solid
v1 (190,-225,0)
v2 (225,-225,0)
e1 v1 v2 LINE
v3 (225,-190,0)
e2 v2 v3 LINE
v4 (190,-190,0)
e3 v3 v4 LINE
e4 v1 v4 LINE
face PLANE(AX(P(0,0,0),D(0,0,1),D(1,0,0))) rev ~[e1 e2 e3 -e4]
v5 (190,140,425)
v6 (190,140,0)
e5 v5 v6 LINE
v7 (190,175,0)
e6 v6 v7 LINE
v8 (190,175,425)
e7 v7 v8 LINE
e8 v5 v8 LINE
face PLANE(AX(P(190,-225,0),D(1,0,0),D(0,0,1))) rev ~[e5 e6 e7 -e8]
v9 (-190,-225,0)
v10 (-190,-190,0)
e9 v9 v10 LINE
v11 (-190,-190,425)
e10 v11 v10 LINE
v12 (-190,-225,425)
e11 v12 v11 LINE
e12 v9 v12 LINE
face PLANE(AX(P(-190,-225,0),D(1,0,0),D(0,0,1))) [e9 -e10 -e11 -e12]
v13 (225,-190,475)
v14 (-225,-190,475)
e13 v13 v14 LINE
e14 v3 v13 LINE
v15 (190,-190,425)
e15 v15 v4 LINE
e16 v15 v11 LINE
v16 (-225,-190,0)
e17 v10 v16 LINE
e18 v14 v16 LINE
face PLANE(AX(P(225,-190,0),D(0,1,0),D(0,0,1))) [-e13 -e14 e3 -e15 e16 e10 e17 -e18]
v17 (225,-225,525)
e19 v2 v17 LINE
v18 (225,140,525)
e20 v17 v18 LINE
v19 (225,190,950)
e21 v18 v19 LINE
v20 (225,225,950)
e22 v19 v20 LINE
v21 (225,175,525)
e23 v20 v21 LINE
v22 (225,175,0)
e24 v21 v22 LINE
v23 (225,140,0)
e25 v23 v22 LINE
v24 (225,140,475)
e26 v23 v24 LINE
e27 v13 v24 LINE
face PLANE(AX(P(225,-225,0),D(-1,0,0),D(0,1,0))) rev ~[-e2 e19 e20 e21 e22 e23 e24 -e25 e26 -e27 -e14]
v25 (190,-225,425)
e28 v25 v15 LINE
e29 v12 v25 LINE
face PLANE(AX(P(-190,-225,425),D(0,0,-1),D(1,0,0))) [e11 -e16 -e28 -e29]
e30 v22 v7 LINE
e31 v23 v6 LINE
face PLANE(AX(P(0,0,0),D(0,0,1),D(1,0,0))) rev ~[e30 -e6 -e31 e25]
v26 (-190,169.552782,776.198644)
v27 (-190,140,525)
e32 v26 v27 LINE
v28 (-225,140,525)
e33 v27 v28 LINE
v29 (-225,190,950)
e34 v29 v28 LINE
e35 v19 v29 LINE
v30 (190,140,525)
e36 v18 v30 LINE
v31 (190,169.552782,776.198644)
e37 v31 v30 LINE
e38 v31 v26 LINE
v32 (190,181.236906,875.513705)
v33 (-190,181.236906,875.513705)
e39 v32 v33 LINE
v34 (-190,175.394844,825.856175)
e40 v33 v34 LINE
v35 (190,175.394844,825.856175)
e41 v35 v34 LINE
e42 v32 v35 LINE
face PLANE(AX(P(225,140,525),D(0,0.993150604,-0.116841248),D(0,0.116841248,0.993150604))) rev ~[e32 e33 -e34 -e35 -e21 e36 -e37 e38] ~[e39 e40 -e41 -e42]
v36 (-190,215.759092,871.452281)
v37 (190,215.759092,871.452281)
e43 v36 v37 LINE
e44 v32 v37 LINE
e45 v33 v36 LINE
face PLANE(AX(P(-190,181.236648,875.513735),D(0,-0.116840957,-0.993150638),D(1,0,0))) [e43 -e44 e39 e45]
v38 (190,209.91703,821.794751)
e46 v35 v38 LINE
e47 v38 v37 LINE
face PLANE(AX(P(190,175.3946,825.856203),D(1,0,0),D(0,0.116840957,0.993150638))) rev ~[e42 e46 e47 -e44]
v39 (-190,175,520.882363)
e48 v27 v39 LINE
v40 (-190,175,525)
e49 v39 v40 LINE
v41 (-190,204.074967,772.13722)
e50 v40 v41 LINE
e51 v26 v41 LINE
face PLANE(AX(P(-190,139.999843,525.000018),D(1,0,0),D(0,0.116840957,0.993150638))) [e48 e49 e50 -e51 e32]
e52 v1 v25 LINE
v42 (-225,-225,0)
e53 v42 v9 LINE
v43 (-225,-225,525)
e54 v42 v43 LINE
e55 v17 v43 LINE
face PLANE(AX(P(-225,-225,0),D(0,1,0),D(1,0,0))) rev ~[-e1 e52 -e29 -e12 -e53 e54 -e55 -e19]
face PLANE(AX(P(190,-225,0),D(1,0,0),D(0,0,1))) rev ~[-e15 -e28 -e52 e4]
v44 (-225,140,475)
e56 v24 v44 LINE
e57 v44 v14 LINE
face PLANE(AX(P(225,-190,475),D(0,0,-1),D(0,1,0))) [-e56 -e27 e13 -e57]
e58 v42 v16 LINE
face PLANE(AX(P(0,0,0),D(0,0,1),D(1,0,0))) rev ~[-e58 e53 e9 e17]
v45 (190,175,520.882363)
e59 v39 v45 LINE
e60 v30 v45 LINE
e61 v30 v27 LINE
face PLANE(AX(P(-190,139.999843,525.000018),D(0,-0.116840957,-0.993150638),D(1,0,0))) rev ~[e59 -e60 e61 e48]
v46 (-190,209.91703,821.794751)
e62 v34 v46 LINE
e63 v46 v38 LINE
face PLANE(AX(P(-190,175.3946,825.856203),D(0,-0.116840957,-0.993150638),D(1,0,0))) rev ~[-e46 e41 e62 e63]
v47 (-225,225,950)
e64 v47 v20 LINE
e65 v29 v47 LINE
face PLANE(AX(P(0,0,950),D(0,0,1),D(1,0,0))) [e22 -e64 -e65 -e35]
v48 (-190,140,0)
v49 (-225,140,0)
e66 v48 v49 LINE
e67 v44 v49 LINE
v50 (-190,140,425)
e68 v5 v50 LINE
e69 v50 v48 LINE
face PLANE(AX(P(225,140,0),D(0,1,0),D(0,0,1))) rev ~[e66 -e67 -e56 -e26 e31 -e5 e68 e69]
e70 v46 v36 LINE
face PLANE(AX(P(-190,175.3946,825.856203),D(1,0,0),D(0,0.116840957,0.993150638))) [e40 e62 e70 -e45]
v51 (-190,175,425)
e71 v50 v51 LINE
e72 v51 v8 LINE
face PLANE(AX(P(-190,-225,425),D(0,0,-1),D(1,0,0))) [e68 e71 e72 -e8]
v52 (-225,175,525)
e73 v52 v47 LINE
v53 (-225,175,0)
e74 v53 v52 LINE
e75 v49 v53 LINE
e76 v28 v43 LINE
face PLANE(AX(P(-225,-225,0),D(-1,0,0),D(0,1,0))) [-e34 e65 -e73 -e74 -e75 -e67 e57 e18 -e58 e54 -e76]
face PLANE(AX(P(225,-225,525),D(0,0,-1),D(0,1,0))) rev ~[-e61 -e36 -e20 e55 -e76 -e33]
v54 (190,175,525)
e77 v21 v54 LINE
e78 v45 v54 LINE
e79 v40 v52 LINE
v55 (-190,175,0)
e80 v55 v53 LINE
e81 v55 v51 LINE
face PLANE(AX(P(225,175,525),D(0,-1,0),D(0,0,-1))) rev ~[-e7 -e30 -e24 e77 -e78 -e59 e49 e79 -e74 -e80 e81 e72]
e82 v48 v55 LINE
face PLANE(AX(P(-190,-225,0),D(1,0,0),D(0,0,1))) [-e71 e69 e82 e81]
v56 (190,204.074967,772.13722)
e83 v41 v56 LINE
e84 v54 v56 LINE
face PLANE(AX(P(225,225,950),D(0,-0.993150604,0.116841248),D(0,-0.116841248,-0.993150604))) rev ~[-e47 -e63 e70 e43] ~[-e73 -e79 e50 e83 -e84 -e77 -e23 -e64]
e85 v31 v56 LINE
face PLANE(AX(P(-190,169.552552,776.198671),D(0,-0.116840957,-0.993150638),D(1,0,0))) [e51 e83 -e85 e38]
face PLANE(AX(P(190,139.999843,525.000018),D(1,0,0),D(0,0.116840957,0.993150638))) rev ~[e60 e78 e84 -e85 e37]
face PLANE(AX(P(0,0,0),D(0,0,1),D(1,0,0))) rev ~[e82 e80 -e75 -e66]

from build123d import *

# Parameters (mm, degrees)
F0_W     = 450
F0_H     = 450
F1_DEPTH = 950
F2_W     = 330
F2_H     = 475
F2_W_2   = 50
F2_H_2   = 50
F3_DEPTH = 450.001
F4_W     = 380
F4_H     = 425
F5_DEPTH = 450.001
F6_W     = 380
F6_H     = 50
F6_H_2   = 252.931069
F7_DEPTH = 145.760456


with BuildPart() as f1:
    # F0 (on Top) → F1 (new body)
    with BuildSketch(Plane.XY):
        Rectangle(F0_W, F0_H)
    extrude(amount=F1_DEPTH)

    # F2 (on face) → F3 (cut, through all)
    with BuildSketch(Plane.YZ.offset(225)):
        Polygon((-225, 950), (-225, 525), (140, 525), (190, 950), align=None)
        with Locations((-25, 237.5)):
            Rectangle(F2_W, F2_H)
        Polygon((225, 950), (175, 525), (225, 525), align=None)
        with Locations((200, 237.5)):
            Rectangle(F2_W_2, F2_H)
        with Locations((200, 500)):
            Rectangle(F2_W_2, F2_H_2)
    extrude(amount=-F3_DEPTH, mode=Mode.SUBTRACT)

    # F4 (on face) → F5 (cut, through all)
    with BuildSketch(Plane.XZ.offset(225)):
        with Locations((0, 212.5)):
            Rectangle(F4_W, F4_H)
    extrude(amount=-F5_DEPTH, mode=Mode.SUBTRACT)

    # F6 (on face) → F7 (cut, through all)
    with BuildSketch(Plane(origin=(0, 77.167235, -9.078498), x_dir=(1, 0, 0), z_dir=(0, -0.993151, 0.116841))):
        with Locations((0, 865.692911)):
            Rectangle(F6_W, F6_H)
        with Locations((0, 664.227376)):
            Rectangle(F6_W, F6_H_2)
    extrude(amount=-F7_DEPTH, mode=Mode.SUBTRACT)


solid = f1.part
